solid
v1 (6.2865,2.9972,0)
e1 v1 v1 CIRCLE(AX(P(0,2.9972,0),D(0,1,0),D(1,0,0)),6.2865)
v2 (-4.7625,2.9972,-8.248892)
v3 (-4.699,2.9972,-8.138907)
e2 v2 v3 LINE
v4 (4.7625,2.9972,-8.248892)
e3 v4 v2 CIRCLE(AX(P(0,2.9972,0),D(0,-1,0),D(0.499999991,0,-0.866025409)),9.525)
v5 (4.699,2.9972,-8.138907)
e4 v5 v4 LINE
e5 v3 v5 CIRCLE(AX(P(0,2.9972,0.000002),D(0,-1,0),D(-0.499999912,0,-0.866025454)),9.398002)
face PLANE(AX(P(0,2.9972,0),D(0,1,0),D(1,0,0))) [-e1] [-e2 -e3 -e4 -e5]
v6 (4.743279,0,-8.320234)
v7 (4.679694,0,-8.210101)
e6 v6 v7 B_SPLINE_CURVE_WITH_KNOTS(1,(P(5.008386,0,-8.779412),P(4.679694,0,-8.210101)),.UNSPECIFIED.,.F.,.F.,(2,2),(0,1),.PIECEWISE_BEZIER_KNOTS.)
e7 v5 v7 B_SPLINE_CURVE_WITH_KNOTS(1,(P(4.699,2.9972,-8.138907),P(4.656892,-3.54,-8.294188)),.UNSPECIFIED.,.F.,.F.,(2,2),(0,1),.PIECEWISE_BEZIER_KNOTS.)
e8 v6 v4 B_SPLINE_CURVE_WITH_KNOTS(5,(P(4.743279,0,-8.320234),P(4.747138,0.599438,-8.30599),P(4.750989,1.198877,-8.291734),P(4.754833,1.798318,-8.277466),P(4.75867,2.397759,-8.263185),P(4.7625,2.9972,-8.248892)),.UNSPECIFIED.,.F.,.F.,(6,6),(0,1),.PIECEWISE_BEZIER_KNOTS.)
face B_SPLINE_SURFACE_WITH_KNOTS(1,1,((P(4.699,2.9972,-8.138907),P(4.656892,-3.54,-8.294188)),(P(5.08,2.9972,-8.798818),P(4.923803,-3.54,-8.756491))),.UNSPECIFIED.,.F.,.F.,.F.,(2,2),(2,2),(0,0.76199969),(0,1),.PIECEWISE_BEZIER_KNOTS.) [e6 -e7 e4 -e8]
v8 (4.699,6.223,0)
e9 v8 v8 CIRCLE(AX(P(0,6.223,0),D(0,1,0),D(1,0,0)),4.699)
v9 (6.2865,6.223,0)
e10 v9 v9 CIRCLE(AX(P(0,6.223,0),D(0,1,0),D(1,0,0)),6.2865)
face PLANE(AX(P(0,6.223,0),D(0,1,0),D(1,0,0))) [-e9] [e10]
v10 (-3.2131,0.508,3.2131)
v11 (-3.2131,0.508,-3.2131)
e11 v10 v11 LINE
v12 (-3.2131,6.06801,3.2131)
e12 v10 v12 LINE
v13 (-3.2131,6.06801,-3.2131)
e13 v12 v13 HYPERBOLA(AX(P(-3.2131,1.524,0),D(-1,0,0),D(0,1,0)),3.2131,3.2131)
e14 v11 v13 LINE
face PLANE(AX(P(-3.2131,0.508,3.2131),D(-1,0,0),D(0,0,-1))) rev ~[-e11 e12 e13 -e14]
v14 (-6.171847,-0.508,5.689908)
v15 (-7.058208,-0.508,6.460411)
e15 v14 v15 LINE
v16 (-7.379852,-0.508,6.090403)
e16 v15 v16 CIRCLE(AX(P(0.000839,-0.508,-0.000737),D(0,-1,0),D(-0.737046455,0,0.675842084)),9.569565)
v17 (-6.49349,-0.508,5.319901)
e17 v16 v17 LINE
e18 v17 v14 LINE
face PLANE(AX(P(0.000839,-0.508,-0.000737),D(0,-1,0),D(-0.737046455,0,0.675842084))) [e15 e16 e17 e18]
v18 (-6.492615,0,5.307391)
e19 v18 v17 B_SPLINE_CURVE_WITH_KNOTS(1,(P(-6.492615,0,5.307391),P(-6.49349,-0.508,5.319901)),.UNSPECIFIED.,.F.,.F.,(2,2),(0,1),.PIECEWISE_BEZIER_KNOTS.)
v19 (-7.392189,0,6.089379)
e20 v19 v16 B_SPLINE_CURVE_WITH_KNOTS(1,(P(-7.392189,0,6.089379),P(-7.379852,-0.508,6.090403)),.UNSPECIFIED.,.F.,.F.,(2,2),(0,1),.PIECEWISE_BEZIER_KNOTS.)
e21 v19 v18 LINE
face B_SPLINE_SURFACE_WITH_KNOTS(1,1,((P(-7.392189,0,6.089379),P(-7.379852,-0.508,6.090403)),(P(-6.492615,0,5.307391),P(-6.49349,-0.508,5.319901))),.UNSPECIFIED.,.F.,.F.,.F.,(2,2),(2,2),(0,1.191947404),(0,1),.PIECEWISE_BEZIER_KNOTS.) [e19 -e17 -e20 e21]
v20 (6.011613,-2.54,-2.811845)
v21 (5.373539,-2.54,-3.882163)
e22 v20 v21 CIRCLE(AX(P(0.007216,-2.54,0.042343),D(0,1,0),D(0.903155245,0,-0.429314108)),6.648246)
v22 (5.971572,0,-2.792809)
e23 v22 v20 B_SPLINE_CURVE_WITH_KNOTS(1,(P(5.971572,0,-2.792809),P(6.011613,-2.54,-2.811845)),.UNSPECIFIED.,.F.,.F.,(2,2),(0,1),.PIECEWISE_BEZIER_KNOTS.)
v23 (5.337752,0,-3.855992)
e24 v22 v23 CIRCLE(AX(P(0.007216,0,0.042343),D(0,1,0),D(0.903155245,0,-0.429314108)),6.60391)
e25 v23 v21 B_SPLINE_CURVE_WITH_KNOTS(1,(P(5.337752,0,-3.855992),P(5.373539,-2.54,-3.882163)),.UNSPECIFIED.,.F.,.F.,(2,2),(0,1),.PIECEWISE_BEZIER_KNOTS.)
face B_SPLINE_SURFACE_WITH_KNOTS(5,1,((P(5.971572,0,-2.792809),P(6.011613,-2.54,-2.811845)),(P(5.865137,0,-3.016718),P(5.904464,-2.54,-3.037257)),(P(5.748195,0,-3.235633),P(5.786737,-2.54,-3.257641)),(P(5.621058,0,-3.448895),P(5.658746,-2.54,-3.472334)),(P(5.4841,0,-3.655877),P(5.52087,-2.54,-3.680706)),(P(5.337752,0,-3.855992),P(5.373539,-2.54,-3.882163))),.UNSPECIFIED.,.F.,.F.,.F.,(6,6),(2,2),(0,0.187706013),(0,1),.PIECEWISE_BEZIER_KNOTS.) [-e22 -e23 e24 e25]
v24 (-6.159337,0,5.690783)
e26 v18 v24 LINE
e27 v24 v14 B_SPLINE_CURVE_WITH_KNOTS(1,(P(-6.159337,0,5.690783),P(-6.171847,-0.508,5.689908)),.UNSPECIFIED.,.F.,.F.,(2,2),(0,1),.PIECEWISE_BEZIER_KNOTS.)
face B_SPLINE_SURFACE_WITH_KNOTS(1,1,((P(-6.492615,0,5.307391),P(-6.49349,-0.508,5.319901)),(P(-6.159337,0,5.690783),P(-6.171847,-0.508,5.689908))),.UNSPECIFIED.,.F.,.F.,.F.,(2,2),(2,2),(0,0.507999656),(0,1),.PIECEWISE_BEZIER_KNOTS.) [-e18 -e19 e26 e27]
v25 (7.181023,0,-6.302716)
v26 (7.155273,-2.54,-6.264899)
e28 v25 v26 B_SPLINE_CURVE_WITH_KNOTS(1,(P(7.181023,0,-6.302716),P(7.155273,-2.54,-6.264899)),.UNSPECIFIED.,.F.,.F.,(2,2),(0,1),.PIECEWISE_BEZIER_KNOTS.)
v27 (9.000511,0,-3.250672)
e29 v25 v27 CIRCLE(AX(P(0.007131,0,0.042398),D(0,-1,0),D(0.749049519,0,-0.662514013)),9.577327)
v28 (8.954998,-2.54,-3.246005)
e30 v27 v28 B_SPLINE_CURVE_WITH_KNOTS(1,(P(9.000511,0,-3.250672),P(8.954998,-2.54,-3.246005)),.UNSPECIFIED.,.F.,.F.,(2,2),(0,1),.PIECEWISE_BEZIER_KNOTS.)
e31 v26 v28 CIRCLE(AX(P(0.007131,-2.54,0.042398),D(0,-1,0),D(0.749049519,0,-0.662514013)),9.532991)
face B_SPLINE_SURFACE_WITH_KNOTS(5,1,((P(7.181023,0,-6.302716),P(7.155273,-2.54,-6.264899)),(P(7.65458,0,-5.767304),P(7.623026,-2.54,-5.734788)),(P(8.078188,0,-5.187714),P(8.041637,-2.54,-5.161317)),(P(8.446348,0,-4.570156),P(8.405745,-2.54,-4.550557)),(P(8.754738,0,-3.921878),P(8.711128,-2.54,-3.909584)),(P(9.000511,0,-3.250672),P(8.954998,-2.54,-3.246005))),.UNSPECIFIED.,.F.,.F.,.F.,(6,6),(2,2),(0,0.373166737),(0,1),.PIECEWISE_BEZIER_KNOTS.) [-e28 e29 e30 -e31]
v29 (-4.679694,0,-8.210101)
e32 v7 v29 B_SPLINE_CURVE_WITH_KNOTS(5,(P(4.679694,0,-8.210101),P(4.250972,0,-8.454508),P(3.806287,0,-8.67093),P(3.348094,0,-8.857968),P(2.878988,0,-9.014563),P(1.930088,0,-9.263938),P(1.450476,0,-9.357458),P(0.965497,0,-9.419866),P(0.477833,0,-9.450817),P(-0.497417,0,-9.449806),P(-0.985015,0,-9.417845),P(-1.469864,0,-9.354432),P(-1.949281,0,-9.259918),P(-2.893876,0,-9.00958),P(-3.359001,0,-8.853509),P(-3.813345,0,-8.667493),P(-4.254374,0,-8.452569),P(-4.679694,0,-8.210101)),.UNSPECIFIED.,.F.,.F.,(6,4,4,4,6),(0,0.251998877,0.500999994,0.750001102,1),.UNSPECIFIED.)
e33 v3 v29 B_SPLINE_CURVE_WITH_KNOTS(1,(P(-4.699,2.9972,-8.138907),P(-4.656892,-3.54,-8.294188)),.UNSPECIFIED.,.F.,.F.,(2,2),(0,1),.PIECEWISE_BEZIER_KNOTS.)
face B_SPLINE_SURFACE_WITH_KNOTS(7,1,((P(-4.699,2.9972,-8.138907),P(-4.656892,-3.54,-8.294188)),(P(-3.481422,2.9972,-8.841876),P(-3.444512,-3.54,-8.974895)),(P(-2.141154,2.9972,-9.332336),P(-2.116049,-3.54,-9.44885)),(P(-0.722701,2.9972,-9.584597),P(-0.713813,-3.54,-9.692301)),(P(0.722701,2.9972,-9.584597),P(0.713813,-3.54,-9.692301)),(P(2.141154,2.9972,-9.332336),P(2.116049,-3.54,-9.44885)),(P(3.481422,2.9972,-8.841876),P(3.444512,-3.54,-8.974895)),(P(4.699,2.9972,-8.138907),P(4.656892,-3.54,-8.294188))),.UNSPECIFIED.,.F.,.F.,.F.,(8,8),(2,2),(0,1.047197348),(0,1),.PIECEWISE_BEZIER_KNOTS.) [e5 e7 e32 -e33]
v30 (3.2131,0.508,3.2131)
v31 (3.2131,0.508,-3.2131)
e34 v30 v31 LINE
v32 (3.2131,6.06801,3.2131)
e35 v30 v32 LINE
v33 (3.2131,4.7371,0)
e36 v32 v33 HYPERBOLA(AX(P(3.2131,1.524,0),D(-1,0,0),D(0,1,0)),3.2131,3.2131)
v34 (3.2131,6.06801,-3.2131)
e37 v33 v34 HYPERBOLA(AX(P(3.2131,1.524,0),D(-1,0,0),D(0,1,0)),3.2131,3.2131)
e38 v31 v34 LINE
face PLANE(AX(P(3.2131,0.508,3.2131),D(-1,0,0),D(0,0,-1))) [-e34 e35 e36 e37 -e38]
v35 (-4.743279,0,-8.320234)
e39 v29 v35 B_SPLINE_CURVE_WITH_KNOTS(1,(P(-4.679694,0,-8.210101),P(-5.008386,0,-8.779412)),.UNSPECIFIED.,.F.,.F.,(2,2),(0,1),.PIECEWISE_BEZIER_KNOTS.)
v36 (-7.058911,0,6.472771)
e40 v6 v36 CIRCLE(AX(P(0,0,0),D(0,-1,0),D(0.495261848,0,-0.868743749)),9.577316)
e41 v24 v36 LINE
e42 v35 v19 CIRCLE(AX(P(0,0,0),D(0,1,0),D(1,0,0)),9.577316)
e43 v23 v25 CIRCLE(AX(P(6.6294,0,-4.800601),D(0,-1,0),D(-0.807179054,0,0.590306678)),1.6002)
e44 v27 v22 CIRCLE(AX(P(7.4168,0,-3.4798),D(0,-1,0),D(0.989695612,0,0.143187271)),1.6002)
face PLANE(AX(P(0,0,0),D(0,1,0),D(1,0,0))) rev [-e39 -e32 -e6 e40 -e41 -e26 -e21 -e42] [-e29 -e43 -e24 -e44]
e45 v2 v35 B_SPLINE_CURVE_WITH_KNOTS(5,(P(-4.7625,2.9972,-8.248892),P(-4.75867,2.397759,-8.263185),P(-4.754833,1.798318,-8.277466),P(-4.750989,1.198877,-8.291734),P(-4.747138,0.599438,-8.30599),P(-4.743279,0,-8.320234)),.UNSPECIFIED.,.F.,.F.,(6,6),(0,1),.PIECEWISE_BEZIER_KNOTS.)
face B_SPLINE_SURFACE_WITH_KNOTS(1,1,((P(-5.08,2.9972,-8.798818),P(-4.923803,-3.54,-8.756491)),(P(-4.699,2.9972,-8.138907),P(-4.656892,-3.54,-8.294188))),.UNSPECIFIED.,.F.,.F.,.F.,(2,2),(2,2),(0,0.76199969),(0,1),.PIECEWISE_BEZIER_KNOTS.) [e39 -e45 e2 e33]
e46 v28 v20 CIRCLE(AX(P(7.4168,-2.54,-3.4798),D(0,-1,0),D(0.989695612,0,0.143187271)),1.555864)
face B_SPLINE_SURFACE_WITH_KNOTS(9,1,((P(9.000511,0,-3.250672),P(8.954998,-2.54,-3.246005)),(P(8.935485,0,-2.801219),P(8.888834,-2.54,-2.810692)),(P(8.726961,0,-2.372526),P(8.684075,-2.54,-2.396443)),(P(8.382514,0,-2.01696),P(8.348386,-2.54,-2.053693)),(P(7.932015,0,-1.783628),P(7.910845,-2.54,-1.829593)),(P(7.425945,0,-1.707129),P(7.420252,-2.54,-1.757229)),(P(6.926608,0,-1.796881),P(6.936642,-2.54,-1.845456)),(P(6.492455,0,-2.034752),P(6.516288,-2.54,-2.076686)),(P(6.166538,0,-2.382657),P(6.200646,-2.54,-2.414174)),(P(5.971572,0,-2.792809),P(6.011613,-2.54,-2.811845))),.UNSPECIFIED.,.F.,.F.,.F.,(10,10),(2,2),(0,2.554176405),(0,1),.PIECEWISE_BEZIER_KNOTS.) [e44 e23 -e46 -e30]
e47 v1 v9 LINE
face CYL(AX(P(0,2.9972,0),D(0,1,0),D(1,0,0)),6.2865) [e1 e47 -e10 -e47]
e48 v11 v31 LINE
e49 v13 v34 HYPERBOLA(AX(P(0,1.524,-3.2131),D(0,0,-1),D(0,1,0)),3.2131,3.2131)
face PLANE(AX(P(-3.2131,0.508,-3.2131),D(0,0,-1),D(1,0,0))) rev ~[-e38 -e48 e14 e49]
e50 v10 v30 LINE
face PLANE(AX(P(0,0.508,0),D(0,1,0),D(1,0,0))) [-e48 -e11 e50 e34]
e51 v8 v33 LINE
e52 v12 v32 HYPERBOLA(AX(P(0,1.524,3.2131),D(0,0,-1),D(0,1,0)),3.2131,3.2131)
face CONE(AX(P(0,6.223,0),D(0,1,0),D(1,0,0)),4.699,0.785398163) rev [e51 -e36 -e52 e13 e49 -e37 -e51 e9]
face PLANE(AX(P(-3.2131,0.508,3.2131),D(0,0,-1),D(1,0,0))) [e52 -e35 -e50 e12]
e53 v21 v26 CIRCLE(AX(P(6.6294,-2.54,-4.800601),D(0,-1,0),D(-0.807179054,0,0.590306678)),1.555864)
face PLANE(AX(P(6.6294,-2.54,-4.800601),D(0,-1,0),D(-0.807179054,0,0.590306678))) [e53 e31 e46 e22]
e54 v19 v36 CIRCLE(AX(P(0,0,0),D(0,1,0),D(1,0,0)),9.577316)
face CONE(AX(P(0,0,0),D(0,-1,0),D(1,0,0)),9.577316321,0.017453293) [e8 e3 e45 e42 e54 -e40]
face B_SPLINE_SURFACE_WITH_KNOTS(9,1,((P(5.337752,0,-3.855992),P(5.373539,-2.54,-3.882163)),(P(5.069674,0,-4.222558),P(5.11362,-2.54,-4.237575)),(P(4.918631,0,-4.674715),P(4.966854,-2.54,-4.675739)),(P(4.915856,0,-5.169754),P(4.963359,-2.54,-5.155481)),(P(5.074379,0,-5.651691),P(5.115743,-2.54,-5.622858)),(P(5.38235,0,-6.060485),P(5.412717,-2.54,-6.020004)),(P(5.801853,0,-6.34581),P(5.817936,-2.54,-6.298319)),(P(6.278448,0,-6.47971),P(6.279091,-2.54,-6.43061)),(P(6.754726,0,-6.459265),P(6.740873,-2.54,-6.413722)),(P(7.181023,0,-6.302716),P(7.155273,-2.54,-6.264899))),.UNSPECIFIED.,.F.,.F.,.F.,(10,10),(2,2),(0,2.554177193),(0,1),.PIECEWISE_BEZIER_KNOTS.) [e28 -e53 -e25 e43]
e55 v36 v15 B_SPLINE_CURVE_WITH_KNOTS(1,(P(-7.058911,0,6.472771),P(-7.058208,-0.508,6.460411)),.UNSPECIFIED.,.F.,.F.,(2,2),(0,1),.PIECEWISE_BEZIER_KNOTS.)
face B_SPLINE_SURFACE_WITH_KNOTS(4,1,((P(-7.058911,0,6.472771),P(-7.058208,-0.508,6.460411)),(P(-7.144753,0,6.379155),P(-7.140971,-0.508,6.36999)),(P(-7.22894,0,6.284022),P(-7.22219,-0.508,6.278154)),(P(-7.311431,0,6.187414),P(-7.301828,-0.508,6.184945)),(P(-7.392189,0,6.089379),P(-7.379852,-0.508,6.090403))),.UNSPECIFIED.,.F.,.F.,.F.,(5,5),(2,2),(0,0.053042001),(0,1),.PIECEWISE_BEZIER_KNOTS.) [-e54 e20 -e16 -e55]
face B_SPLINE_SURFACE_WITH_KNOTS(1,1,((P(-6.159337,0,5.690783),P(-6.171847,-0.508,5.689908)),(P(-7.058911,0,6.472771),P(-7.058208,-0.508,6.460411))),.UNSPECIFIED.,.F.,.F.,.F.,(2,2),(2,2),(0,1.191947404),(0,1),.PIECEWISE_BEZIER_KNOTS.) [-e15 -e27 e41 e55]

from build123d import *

# Parameters (mm, degrees)
SKETCH2_W           = 6.4262
SKETCH2_H           = 6.4262
CUT_EXTRUDE1_DEPTH  = 6.715
DRAFT1_ANGLE        = 1
BOSS_EXTRUDE2_DEPTH = 2.54
BOSS_EXTRUDE2_TAPER = 1
BOSS_EXTRUDE3_DEPTH = 0.508
BOSS_EXTRUDE3_TAPER = 1
CUT_EXTRUDE2_DEPTH  = 6.5372
CUT_EXTRUDE2_TAPER  = 1


with BuildPart() as part:
    # Sketch1 → Revolve1 (revolve)
    with BuildSketch(Plane.XY):
        Polygon((0, 0), (9.525, 0), (9.525, 2.9972), (6.2865, 2.9972), (6.2865, 6.223), (0, 6.223), align=None)
    revolve(axis=Axis((0, -4.12115, 0), (0, 1, 0)))

    # Sketch2 → Cut-Extrude1 (cut, through all)
    with BuildSketch(Plane(origin=(0, 0.508, 0), x_dir=(1, 0, 0), z_dir=(0, 1, 0))):
        Rectangle(SKETCH2_W, SKETCH2_H)
    extrude(amount=CUT_EXTRUDE1_DEPTH, mode=Mode.SUBTRACT)

    # Sketch3 → Cut-Revolve1 (revolve, cut)
    with BuildSketch(Plane.XY):
        Polygon((0, 6.223), (4.699, 6.223), (0, 1.524), align=None)
    revolve(axis=Axis((0, 0, 0), (0, 1, 0)), mode=Mode.SUBTRACT)

    # Draft1
    draft1_faces = [part.faces().sort_by_distance(p)[0] for p in [
        (-9.525, 1.4986, 0),
    ]]
    draft(draft1_faces, Plane(origin=(9.525, 2.9972, 0), x_dir=(0, 0, 1), z_dir=(0, 1, 0)), DRAFT1_ANGLE)

    # Sketch4 → Boss-Extrude2 (add)
    with BuildSketch(Plane.XZ):
        with BuildLine():
            ThreePointArc((5.337752, -3.855992), (5.351306, -5.763469), (7.181023, -6.302716))
            ThreePointArc((7.181023, -6.302716), (8.233547, -4.861812), (9.000511, -3.250672))
            ThreePointArc((9.000511, -3.250672), (7.655973, -1.897575), (5.971572, -2.792809))
            ThreePointArc((5.971572, -2.792809), (5.679626, -3.339283), (5.337752, -3.855992))
        make_face()
    extrude(amount=BOSS_EXTRUDE2_DEPTH, taper=BOSS_EXTRUDE2_TAPER)

    # Sketch5 → Boss-Extrude3 (add)
    with BuildSketch(Plane.XZ):
        with BuildLine():
            Line((-6.159337, 5.690783), (-7.058911, 6.472771))
            ThreePointArc((-7.058911, 6.472771), (-7.228092, 6.283285), (-7.392189, 6.089379))
            Line((-7.392189, 6.089379), (-6.492615, 5.307391))
            Line((-6.492615, 5.307391), (-6.159337, 5.690783))
        make_face()
    extrude(amount=BOSS_EXTRUDE3_DEPTH, taper=BOSS_EXTRUDE3_TAPER)

    # Sketch6 → Cut-Extrude2 (cut, through all)
    with BuildSketch(Plane(origin=(0, 2.9972, 0), x_dir=(1, 0, 0), z_dir=(0, 1, 0))):
        with BuildLine():
            Line((-5.08, 8.798818), (-4.699, 8.138907))
            ThreePointArc((-4.699, 8.138907), (0, 9.398), (4.699, 8.138907))
            Line((4.699, 8.138907), (5.08, 8.798818))
            ThreePointArc((5.08, 8.798818), (0, 10.16), (-5.08, 8.798818))
        make_face()
    extrude(amount=-CUT_EXTRUDE2_DEPTH, taper=CUT_EXTRUDE2_TAPER, mode=Mode.SUBTRACT)


solid = part.part
